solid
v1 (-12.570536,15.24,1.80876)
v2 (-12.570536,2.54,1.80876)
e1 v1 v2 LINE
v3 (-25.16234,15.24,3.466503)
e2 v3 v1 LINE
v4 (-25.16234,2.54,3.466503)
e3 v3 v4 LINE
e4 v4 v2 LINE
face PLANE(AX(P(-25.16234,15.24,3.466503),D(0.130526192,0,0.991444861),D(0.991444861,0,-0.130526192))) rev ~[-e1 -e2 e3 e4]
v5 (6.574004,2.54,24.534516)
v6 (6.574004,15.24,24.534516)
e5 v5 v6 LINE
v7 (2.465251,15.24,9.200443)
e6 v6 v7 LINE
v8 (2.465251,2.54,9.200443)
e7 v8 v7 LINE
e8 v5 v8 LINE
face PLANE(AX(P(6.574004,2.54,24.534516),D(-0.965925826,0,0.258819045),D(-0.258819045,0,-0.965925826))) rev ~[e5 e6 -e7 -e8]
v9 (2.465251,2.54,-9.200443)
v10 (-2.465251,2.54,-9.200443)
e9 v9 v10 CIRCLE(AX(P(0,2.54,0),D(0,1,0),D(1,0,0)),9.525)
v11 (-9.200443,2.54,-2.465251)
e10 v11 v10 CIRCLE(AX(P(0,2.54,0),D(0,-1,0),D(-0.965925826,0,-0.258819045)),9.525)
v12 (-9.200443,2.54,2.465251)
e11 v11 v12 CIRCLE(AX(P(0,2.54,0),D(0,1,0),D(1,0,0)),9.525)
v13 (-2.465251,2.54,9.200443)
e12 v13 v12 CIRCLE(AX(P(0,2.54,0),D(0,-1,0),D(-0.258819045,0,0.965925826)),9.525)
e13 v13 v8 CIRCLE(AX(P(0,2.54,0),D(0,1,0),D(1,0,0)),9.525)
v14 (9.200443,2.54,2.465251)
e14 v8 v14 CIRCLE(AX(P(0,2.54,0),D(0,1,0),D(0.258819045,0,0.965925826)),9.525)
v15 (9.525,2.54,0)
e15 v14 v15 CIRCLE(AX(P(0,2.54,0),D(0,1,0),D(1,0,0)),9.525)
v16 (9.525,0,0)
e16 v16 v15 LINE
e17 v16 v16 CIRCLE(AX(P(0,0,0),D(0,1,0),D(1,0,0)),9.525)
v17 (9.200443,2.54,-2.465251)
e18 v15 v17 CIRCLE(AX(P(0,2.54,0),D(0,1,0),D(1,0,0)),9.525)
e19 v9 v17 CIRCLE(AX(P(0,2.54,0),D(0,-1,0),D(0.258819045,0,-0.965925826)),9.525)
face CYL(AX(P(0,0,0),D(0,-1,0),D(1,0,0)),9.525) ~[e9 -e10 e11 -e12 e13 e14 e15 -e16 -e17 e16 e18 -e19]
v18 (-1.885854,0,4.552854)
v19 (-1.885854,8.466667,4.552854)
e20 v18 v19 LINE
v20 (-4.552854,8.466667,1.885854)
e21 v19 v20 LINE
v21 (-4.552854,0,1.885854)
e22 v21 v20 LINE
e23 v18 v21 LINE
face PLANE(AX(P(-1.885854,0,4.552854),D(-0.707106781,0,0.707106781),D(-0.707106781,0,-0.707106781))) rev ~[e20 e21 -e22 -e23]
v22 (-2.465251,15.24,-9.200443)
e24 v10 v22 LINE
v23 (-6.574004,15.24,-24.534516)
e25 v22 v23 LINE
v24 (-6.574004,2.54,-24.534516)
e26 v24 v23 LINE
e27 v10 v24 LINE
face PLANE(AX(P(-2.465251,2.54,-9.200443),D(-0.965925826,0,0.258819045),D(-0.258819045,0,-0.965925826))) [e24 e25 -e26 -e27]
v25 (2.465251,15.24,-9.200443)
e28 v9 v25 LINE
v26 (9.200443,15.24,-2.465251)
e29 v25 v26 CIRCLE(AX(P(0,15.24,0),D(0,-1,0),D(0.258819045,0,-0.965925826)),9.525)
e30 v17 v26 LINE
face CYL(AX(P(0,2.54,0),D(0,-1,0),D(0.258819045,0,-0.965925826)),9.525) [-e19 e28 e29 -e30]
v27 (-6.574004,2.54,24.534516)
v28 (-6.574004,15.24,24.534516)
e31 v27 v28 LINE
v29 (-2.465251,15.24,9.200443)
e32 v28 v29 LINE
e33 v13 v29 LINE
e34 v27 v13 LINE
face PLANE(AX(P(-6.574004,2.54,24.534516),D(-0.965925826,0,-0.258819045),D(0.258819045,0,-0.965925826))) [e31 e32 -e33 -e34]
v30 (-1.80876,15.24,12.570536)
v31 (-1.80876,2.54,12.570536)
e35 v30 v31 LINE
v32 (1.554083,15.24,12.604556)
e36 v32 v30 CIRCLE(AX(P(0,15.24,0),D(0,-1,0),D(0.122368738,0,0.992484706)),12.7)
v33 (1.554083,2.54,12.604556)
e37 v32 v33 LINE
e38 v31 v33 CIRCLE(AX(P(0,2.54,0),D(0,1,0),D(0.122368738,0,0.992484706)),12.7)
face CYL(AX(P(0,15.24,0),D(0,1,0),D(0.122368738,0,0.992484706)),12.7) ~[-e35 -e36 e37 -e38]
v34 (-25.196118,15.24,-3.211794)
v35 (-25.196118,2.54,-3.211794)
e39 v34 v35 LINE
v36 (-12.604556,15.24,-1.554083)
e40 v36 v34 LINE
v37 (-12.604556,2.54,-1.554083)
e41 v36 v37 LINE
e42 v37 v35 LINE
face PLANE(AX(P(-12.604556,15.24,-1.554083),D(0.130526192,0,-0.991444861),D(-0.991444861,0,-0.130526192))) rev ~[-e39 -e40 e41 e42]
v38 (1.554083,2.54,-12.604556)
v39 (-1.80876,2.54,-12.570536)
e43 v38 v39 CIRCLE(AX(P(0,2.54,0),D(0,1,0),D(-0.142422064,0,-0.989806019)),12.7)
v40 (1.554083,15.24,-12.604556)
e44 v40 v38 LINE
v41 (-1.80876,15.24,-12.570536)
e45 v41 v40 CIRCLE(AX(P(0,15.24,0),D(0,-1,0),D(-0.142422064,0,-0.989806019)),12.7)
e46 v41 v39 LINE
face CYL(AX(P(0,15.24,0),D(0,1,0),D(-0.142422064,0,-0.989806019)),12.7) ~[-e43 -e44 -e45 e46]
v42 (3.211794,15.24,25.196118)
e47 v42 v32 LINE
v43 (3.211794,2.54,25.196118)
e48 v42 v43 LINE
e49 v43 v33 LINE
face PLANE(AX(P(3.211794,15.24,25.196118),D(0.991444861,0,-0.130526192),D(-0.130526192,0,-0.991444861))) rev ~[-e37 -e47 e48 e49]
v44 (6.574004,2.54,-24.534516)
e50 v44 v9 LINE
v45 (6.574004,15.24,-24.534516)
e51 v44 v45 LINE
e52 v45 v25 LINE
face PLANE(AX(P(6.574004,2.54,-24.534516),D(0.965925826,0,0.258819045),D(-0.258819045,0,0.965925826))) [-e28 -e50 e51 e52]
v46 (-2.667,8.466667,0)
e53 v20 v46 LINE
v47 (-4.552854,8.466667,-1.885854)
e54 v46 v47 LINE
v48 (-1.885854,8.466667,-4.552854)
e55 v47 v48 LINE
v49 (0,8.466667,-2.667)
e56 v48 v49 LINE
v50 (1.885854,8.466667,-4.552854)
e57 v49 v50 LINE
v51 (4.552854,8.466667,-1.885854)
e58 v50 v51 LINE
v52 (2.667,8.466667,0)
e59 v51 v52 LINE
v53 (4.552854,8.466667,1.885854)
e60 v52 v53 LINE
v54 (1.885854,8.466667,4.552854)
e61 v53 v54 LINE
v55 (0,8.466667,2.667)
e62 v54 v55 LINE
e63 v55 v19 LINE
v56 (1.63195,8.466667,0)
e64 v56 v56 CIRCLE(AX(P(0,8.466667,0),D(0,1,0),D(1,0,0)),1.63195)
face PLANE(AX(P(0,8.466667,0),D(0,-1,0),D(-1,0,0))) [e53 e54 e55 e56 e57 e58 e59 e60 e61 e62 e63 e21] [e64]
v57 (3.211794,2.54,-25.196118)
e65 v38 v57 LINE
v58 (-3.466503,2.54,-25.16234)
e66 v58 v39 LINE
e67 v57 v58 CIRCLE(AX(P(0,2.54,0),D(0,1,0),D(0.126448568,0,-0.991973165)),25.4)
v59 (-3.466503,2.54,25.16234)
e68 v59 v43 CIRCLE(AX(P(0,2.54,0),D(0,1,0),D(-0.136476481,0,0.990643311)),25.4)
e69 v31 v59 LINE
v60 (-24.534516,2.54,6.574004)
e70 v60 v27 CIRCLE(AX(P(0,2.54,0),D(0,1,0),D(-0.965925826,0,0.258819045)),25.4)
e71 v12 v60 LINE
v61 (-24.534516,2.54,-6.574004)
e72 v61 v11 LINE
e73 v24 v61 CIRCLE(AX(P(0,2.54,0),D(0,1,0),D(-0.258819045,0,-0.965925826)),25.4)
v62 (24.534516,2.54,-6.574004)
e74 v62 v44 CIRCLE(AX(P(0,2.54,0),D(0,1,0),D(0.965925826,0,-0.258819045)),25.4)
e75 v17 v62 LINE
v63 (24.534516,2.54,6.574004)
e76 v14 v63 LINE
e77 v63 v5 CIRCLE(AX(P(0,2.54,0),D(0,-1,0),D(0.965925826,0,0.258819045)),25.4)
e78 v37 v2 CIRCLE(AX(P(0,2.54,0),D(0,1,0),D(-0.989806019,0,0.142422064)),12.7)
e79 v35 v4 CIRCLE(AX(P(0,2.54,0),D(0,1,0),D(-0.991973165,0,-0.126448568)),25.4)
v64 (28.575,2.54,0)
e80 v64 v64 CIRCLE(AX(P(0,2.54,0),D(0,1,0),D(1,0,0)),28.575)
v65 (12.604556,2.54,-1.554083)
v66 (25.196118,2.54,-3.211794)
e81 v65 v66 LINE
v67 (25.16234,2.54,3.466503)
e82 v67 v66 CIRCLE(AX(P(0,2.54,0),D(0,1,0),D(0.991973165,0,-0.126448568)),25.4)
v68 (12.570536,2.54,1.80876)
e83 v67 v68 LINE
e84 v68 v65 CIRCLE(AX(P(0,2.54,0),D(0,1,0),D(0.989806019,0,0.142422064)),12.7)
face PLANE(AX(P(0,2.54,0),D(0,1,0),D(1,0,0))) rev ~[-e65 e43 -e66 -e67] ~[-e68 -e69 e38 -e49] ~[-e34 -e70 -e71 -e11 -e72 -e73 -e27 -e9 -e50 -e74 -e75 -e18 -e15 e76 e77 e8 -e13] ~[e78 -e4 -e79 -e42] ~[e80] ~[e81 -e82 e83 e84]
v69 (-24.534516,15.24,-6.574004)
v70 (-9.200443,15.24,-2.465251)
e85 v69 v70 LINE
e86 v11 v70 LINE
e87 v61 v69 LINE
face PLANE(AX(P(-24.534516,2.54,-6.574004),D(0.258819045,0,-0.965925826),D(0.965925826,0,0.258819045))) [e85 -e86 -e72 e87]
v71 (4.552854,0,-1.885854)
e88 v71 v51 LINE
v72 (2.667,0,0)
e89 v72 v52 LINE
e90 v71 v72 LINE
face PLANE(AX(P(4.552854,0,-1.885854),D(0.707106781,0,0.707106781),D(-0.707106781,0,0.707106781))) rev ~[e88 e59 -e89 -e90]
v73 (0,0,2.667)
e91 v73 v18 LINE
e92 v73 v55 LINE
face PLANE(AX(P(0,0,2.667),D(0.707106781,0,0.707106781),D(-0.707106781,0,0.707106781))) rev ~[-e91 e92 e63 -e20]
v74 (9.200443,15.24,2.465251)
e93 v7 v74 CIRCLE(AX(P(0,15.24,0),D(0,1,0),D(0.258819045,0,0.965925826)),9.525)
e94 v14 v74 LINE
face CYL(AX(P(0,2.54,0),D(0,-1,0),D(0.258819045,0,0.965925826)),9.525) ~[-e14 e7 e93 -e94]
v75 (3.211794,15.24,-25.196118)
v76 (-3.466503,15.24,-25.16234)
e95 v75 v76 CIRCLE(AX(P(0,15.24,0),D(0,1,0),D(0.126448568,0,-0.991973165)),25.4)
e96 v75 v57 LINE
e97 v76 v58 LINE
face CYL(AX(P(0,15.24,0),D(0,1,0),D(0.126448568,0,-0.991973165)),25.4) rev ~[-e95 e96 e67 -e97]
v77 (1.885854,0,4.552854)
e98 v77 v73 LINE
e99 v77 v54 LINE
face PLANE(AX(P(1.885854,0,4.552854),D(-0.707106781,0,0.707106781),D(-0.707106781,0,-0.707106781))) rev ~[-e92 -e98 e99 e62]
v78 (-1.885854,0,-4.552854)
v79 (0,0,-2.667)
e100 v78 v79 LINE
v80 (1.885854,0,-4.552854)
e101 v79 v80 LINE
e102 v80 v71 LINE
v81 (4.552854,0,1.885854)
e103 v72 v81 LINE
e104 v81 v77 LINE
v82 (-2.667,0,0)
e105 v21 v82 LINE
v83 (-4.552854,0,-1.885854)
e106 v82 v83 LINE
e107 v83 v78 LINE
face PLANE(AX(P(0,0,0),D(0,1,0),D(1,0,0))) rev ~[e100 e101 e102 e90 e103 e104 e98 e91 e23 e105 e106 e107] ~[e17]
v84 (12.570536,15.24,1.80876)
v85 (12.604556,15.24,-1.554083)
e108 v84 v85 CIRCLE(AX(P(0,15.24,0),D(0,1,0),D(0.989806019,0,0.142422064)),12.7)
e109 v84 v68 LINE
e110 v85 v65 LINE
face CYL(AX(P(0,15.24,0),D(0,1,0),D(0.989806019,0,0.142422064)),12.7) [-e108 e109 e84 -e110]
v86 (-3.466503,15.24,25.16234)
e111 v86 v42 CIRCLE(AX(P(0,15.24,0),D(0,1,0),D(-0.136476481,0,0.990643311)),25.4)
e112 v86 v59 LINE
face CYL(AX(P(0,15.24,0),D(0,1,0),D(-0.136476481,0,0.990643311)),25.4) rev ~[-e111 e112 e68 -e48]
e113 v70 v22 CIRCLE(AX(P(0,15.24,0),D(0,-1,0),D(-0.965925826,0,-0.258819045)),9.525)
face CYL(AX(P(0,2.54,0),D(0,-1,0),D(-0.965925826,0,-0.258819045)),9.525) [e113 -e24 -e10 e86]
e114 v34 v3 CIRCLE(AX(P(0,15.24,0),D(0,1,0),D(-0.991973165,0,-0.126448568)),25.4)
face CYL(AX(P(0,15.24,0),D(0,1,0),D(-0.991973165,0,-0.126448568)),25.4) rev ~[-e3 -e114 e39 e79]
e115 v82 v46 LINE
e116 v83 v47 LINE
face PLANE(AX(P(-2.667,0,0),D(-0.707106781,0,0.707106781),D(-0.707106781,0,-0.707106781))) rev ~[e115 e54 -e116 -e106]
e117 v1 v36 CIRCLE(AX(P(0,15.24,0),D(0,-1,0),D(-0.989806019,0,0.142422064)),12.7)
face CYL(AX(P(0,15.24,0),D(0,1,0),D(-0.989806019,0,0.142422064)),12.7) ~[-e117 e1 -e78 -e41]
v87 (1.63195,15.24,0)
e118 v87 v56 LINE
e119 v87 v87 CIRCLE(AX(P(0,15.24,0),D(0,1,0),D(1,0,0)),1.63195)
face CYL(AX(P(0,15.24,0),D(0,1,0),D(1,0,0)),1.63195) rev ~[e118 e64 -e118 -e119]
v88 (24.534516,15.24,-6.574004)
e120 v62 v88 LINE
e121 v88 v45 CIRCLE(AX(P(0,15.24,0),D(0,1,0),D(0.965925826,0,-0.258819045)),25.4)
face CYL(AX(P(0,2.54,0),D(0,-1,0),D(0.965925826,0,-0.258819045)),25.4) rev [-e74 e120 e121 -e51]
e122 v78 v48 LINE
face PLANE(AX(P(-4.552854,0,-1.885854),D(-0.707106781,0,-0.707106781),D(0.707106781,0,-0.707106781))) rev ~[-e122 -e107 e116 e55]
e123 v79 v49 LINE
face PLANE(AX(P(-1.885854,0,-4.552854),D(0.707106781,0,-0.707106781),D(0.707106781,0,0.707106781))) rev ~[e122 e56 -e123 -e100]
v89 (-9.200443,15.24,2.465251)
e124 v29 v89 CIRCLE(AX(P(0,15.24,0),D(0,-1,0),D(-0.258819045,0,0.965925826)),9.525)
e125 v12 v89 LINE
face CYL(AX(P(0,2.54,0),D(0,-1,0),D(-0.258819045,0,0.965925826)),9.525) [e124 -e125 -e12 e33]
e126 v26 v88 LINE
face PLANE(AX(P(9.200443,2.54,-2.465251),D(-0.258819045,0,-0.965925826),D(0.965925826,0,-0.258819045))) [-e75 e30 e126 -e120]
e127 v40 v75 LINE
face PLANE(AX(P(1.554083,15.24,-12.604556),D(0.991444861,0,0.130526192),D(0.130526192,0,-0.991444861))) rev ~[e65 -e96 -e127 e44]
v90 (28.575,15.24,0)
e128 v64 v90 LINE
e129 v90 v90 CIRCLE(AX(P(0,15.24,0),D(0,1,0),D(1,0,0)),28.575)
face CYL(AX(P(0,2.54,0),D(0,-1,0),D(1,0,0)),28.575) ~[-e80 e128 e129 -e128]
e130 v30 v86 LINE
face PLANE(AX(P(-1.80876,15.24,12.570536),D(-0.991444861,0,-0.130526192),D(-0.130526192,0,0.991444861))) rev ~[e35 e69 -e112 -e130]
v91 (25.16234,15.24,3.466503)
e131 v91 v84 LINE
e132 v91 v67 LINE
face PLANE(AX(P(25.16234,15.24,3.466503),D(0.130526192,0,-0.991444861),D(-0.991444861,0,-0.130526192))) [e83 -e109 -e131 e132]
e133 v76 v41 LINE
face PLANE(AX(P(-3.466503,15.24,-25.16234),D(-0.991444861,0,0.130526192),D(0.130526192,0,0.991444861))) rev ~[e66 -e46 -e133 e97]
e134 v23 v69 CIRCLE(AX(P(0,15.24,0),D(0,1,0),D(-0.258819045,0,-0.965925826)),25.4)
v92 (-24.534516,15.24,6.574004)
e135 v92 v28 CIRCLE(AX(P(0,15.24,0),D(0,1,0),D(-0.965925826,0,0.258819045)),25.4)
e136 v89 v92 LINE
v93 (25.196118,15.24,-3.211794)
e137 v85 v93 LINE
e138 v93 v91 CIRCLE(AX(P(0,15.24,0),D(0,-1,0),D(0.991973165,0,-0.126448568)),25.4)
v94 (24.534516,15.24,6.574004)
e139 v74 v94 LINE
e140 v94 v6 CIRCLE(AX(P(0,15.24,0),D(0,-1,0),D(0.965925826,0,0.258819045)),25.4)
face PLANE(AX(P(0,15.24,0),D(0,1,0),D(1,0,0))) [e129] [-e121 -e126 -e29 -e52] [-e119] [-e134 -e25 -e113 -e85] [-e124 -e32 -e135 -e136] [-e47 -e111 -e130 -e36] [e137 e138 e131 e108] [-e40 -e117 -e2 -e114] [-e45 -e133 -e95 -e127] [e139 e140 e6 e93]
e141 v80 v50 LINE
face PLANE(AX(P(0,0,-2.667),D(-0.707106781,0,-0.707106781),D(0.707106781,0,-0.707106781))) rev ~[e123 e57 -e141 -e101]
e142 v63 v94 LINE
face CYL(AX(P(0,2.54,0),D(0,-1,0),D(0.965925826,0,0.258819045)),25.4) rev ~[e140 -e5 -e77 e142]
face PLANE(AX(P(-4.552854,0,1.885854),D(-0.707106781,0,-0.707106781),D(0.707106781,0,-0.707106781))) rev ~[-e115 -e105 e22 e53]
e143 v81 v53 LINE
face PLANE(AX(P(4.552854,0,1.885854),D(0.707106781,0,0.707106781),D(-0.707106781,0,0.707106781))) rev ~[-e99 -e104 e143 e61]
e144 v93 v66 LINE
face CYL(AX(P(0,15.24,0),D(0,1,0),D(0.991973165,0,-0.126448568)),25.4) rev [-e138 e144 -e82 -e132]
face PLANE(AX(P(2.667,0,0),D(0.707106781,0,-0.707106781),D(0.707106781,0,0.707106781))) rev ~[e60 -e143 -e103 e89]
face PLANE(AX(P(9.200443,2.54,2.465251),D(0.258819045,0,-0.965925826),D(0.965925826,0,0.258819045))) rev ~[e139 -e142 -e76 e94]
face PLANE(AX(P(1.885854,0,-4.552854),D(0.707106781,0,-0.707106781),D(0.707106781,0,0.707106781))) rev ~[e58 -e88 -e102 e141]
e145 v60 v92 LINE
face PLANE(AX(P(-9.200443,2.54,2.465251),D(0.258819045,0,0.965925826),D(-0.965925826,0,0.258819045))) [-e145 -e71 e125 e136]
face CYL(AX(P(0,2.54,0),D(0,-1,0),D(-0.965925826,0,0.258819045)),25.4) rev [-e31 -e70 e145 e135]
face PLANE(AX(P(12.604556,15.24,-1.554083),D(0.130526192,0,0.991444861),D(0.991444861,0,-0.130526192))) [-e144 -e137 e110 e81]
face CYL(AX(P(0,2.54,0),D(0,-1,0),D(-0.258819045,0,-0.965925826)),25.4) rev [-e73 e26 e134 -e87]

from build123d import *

# Parameters (mm, degrees)
SKETCH1_R           = 9.525
BOSS_EXTRUDE1_DEPTH = 2.54
SKETCH3_R           = 28.575
BOSS_EXTRUDE2_DEPTH = 12.7
CUT_EXTRUDE2_DEPTH  = 16.24
CUT_EXTRUDE3_DEPTH  = 8.466666667
SKETCH5_R           = 1.63195
CUT_EXTRUDE4_DEPTH  = 16.24


with BuildPart() as part:
    # Sketch1 → Boss-Extrude1 (new body)
    with BuildSketch(Plane(origin=(0, 0, 0), x_dir=(1, 0, 0), z_dir=(0, 1, 0))):
        Circle(SKETCH1_R)
    extrude(amount=BOSS_EXTRUDE1_DEPTH)

    # Sketch3 → Boss-Extrude2 (add)
    with BuildSketch(Plane(origin=(0, 2.54, 0), x_dir=(1, 0, 0), z_dir=(0, 1, 0))):
        Circle(SKETCH3_R)
        with BuildLine():
            Line((-2.465251405, 9.200443495), (-6.574003746, 24.534515988))
            ThreePointArc((-6.574003746, 24.534515988), (-17.960512242, 17.960512242), (-24.534515988, 6.574003746))
            Line((-24.534515988, 6.574003746), (-9.200443495, 2.465251405))
            ThreePointArc((-9.200443495, 2.465251405), (-6.735192091, 6.735192091), (-2.465251405, 9.200443495))
        make_face(mode=Mode.SUBTRACT)
        with BuildLine():
            Line((9.200443495, 2.465251405), (24.534515988, 6.574003746))
            ThreePointArc((24.534515988, 6.574003746), (17.960512242, 17.960512242), (6.574003746, 24.534515988))
            Line((6.574003746, 24.534515988), (2.465251405, 9.200443495))
            ThreePointArc((2.465251405, 9.200443495), (6.735192091, 6.735192091), (9.200443495, 2.465251405))
        make_face(mode=Mode.SUBTRACT)
        with BuildLine():
            Line((9.200443495, -2.465251405), (24.534515988, -6.574003746))
            ThreePointArc((24.534515988, -6.574003746), (17.960512242, -17.960512242), (6.574003746, -24.534515988))
            Line((6.574003746, -24.534515988), (2.465251405, -9.200443495))
            ThreePointArc((2.465251405, -9.200443495), (6.735192091, -6.735192091), (9.200443495, -2.465251405))
        make_face(mode=Mode.SUBTRACT)
        with BuildLine():
            Line((-9.200443495, -2.465251405), (-24.534515988, -6.574003746))
            ThreePointArc((-24.534515988, -6.574003746), (-17.960512242, -17.960512242), (-6.574003746, -24.534515988))
            Line((-6.574003746, -24.534515988), (-2.465251405, -9.200443495))
            ThreePointArc((-2.465251405, -9.200443495), (-6.735192091, -6.735192091), (-9.200443495, -2.465251405))
        make_face(mode=Mode.SUBTRACT)
    extrude(amount=BOSS_EXTRUDE2_DEPTH)

    # Sketch4 → Cut-Extrude2 (cut, through all)
    with BuildSketch(Plane(origin=(0, 15.24, 0), x_dir=(1, 0, 0), z_dir=(0, 1, 0))):
        with BuildLine():
            Line((12.604555768, 1.554082971), (25.196118384, 3.211793638))
            ThreePointArc((25.196118384, 3.211793638), (25.399675108, -0.128469484), (25.162340107, -3.466502611))
            Line((25.162340107, -3.466502611), (12.570536445, -1.80876021))
            ThreePointArc((12.570536445, -1.80876021), (12.699350202, -0.128469656), (12.604555768, 1.554082971))
        make_face()
        with BuildLine():
            Line((-12.604555768, 1.554082971), (-25.196118384, 3.211793638))
            ThreePointArc((-25.196118384, 3.211793638), (-25.399675108, -0.128469484), (-25.162340107, -3.466502611))
            Line((-25.162340107, -3.466502611), (-12.570536445, -1.80876021))
            ThreePointArc((-12.570536445, -1.80876021), (-12.699350202, -0.128469656), (-12.604555768, 1.554082971))
        make_face()
        with BuildLine():
            Line((1.554082971, 12.604555768), (3.211793638, 25.196118384))
            ThreePointArc((3.211793638, 25.196118384), (-0.128469484, 25.399675108), (-3.466502611, 25.162340107))
            Line((-3.466502611, 25.162340107), (-1.80876021, 12.570536445))
            ThreePointArc((-1.80876021, 12.570536445), (-0.128469656, 12.699350202), (1.554082971, 12.604555768))
        make_face()
        with BuildLine():
            Line((-1.80876021, -12.570536445), (-3.466502611, -25.162340107))
            ThreePointArc((-3.466502611, -25.162340107), (-0.128469484, -25.399675108), (3.211793638, -25.196118384))
            Line((3.211793638, -25.196118384), (1.554082971, -12.604555768))
            ThreePointArc((1.554082971, -12.604555768), (-0.128469656, -12.699350202), (-1.80876021, -12.570536445))
        make_face()
    extrude(amount=-CUT_EXTRUDE2_DEPTH, mode=Mode.SUBTRACT)

    # Sketch2 → Cut-Extrude3 (cut)
    with BuildSketch(Plane(origin=(0, 0, 0), x_dir=(1, 0, 0), z_dir=(0, 1, 0))):
        Polygon((-4.552853785, 1.885853785), (-1.885853785, 4.552853785), (0, 2.667), (1.885853785, 4.552853785), (4.552853785, 1.885853785), (2.667, 0), (4.552853785, -1.885853785), (1.885853785, -4.552853785), (0, -2.667), (-1.885853785, -4.552853785), (-4.552853785, -1.885853785), (-2.667, 0), align=None)
    extrude(amount=CUT_EXTRUDE3_DEPTH, mode=Mode.SUBTRACT)

    # Sketch5 → Cut-Extrude4 (cut, through all)
    with BuildSketch(Plane(origin=(0, 15.24, 0), x_dir=(1, 0, 0), z_dir=(0, 1, 0))):
        Circle(SKETCH5_R)
    extrude(amount=-CUT_EXTRUDE4_DEPTH, mode=Mode.SUBTRACT)


solid = part.part
